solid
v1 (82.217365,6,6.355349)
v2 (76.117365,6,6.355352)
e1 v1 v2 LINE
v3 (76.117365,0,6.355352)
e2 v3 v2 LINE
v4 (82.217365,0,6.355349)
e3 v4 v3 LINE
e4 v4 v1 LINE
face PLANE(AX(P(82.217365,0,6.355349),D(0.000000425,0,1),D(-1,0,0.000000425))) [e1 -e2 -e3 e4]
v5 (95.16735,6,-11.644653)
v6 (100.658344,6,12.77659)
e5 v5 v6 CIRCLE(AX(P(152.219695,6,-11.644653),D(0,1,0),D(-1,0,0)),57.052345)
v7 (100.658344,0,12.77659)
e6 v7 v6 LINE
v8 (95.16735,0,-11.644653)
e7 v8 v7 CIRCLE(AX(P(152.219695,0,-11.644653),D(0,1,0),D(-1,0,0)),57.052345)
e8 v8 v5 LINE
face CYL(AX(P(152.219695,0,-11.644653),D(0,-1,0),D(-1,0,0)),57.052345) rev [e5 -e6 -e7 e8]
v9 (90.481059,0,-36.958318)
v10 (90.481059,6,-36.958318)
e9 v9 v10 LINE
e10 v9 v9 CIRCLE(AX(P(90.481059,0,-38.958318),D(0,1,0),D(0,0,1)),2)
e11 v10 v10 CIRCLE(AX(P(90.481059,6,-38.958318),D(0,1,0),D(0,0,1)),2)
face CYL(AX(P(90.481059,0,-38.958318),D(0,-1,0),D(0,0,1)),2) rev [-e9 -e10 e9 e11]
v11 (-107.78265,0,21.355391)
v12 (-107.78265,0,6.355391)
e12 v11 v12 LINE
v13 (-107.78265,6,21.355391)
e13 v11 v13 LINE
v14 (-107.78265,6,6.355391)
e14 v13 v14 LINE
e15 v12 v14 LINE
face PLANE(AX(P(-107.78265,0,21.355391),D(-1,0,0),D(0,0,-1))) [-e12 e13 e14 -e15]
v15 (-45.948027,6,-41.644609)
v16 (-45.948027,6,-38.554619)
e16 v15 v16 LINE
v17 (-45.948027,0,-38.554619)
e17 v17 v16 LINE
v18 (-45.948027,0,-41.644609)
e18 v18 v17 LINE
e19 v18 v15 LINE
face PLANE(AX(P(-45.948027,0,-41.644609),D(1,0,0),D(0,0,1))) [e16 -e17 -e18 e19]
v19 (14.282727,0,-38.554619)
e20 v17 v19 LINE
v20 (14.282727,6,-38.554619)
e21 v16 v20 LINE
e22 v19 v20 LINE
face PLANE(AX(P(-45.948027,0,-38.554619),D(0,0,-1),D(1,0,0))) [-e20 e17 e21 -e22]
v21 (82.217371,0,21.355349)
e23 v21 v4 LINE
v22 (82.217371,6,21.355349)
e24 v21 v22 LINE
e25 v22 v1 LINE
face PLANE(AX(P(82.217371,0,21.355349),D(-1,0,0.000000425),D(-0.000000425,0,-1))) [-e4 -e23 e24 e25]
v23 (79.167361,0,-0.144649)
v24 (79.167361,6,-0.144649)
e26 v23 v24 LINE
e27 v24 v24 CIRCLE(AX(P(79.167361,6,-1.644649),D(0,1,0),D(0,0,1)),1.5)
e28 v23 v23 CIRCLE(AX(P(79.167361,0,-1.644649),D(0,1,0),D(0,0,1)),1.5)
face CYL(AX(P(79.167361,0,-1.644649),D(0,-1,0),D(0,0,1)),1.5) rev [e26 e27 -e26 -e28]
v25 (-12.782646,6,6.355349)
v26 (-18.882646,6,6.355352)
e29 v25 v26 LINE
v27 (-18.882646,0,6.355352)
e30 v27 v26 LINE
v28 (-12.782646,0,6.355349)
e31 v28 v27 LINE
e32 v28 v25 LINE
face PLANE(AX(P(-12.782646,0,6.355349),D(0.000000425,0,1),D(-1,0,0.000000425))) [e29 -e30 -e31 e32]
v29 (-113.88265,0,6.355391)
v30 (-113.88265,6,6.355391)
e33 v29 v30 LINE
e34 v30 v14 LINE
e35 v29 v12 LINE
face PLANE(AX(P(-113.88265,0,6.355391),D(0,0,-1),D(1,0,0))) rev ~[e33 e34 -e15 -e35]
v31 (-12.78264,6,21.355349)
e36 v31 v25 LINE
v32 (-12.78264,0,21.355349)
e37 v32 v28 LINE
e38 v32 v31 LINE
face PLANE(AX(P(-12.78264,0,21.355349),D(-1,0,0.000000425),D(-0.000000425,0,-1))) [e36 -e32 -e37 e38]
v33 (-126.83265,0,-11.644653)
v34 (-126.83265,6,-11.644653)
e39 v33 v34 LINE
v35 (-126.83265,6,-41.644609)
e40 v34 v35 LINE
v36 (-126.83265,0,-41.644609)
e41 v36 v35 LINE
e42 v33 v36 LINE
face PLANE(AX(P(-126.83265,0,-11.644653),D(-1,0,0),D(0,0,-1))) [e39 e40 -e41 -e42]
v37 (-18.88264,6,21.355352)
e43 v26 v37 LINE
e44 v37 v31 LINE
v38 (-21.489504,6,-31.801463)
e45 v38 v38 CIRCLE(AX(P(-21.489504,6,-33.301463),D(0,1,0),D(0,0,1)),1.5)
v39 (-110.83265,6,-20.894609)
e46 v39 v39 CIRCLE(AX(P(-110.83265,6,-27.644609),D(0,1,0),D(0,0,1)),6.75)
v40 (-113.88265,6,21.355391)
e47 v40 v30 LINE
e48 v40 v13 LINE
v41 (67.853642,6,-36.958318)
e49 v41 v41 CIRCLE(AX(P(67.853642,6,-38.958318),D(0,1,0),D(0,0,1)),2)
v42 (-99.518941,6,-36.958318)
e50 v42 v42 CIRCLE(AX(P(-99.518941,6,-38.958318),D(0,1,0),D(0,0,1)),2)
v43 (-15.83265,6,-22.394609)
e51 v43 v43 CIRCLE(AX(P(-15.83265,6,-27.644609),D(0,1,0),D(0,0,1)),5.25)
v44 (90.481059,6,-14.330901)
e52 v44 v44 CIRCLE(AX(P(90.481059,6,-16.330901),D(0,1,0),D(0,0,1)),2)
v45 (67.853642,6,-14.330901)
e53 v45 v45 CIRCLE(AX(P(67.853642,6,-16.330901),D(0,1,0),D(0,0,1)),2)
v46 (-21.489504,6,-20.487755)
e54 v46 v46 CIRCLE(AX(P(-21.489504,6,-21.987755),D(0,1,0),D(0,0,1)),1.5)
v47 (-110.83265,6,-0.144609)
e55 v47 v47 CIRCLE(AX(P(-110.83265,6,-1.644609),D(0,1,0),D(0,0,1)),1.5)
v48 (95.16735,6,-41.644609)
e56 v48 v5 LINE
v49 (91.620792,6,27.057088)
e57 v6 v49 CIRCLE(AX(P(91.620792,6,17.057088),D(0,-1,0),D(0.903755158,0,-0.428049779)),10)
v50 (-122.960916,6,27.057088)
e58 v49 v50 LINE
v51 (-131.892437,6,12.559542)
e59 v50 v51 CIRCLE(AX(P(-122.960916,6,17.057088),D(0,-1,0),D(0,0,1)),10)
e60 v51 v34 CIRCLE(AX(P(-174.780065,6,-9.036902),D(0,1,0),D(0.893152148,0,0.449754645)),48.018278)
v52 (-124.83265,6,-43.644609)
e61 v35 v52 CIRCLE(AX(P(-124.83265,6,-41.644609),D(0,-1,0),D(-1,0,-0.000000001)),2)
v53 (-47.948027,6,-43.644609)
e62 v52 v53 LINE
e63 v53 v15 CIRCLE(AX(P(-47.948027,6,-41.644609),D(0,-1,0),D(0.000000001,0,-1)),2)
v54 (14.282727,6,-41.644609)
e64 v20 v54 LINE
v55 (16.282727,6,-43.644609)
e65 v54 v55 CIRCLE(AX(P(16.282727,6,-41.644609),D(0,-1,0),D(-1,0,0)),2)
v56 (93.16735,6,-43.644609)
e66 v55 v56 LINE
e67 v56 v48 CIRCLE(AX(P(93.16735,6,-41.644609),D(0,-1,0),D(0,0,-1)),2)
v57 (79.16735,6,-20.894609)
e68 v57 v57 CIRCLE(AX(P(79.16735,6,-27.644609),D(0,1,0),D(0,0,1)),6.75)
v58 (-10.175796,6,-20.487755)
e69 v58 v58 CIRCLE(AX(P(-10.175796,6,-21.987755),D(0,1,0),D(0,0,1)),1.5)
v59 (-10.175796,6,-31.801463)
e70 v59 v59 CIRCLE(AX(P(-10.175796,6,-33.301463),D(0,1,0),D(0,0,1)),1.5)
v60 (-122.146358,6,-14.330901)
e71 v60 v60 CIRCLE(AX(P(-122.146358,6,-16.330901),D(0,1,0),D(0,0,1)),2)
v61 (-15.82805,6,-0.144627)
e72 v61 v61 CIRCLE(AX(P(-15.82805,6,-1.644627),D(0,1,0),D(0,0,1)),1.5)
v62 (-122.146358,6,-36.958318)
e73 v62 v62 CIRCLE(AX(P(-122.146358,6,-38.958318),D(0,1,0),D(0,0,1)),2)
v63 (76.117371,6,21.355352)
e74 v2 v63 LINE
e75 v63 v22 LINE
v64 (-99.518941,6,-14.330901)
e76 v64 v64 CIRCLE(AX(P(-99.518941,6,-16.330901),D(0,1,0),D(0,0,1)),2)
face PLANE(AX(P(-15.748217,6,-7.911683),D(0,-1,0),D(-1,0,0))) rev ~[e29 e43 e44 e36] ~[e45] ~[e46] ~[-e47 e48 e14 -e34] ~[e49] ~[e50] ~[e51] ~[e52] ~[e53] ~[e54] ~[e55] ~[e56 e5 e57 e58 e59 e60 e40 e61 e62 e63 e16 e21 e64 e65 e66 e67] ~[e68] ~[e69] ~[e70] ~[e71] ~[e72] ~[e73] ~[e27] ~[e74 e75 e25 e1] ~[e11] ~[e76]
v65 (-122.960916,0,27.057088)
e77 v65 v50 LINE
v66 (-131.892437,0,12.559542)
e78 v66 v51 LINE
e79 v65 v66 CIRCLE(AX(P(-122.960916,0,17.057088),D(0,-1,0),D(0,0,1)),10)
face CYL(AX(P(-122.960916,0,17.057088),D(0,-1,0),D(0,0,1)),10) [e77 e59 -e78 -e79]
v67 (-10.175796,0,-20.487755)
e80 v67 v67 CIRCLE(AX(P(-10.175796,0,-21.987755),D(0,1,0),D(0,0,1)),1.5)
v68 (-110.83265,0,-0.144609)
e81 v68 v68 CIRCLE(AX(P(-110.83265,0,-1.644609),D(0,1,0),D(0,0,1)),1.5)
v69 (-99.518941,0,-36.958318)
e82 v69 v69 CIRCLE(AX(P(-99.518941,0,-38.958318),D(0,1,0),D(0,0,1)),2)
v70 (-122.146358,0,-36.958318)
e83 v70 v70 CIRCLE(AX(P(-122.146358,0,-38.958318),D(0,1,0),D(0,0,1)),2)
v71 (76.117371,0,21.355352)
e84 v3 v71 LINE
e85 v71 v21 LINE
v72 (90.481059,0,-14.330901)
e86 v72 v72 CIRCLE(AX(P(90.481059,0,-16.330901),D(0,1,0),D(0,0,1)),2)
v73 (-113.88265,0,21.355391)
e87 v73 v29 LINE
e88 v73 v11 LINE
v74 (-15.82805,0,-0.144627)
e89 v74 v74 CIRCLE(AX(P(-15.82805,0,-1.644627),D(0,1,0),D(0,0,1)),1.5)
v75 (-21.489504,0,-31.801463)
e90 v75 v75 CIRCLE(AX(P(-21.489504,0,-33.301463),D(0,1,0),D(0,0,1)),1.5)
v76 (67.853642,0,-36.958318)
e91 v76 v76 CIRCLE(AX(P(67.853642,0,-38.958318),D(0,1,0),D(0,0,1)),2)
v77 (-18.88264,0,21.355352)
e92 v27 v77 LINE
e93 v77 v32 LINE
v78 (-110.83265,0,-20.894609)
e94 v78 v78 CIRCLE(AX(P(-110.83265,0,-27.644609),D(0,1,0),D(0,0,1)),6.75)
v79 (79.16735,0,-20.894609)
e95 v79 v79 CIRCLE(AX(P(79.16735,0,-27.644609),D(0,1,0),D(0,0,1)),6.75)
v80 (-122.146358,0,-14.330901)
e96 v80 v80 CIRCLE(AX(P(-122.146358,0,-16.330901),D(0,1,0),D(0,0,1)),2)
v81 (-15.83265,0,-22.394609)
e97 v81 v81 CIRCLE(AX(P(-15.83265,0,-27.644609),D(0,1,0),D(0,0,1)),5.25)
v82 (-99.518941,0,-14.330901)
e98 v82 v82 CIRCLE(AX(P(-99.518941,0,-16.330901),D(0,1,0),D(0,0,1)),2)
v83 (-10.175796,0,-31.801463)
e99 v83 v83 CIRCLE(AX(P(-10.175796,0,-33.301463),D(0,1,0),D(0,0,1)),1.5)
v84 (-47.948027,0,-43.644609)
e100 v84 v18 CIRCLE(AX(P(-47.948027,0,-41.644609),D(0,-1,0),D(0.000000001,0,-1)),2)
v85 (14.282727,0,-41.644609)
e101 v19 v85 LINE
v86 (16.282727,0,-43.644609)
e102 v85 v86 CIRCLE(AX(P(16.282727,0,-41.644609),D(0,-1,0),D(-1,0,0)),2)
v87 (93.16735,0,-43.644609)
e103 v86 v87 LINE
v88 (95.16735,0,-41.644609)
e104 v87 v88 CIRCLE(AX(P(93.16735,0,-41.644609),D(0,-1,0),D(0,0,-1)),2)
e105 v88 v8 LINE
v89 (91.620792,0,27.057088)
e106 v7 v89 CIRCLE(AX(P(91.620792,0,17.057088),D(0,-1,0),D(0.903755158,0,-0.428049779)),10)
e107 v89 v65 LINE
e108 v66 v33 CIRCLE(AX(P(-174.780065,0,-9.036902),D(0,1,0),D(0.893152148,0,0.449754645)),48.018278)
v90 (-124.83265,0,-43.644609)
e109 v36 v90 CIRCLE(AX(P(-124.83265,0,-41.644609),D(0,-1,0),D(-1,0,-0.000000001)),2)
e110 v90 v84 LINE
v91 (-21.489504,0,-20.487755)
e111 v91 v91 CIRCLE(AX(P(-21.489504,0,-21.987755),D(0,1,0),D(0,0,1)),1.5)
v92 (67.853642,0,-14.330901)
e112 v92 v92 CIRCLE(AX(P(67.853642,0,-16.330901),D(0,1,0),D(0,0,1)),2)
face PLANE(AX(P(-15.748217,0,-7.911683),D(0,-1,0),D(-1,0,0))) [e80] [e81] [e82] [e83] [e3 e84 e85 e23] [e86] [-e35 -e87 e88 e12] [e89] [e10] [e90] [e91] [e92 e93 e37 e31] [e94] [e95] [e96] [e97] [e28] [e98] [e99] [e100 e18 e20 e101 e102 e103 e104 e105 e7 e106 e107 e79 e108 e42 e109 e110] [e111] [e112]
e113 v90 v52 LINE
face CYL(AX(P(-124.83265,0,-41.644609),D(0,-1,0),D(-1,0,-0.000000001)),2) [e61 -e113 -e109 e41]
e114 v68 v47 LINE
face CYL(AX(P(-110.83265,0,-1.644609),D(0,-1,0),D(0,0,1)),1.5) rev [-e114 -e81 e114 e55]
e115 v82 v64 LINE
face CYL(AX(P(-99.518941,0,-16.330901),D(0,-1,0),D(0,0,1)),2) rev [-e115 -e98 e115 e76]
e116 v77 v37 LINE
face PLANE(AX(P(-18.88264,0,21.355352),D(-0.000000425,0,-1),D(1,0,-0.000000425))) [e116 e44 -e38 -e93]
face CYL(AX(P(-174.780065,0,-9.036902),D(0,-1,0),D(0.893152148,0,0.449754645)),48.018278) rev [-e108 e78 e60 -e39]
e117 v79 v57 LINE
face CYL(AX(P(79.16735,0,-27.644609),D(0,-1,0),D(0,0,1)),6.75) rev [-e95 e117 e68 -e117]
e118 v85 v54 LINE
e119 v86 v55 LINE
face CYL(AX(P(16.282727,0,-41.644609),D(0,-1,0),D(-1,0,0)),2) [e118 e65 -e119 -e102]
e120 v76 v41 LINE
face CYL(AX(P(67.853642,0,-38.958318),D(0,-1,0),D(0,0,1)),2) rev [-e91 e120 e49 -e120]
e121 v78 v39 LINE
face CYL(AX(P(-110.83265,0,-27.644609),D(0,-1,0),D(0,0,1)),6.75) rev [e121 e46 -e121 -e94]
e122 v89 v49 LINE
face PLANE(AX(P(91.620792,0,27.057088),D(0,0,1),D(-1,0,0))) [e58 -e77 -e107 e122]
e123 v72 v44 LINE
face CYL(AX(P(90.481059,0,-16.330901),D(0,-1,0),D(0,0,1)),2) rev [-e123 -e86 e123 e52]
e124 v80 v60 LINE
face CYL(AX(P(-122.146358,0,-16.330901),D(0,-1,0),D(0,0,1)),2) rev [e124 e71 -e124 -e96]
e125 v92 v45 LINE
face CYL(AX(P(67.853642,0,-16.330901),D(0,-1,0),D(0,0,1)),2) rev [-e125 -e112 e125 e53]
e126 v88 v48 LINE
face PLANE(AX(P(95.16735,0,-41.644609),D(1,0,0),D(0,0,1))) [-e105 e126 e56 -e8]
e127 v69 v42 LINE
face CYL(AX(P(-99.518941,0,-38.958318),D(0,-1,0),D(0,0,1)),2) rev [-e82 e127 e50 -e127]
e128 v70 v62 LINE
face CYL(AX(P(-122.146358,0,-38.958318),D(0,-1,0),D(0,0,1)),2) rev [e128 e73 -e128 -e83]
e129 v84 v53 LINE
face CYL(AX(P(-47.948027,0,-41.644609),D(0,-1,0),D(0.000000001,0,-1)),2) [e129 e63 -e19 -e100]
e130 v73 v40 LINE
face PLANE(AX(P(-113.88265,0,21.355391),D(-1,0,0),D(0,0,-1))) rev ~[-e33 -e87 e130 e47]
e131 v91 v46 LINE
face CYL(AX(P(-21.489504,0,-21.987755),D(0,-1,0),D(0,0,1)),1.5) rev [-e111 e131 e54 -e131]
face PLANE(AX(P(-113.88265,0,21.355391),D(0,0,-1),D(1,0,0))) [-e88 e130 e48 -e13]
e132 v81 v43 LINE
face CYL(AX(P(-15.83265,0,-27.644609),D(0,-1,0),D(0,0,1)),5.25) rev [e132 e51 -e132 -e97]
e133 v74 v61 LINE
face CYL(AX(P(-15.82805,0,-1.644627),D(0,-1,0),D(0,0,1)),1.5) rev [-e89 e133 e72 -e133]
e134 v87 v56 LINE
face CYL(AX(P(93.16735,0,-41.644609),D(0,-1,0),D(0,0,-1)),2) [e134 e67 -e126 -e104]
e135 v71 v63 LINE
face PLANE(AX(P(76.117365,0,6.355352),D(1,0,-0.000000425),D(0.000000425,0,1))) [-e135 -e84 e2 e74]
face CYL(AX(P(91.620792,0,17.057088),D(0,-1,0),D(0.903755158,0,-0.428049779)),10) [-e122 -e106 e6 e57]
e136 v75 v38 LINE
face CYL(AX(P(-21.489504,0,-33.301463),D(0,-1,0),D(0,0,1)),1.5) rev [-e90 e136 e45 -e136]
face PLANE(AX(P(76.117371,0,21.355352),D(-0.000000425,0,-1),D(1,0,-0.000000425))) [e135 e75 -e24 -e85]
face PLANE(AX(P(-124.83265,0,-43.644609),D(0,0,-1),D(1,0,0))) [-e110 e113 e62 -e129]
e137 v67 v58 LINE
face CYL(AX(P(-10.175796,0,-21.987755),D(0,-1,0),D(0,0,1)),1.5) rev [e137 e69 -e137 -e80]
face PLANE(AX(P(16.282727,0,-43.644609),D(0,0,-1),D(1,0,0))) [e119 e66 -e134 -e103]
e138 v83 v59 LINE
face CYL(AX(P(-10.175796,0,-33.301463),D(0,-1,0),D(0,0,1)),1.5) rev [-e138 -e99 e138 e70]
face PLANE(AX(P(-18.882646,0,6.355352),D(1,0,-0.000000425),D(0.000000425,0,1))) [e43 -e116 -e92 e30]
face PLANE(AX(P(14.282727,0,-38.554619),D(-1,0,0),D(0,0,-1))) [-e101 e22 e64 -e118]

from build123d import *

# Parameters (mm, degrees)
CROQUIS1_R              = 5.25
CROQUIS1_R_2            = 6.75
CROQUIS1_R_3            = 2
CROQUIS1_R_4            = 1.5
CROQUIS1_W              = 6.1
CROQUIS1_H              = 15
SALIENTE_EXTRUIR1_DEPTH = 6


with BuildPart() as part:
    # Croquis1 → Saliente-Extruir1 (new body)
    with BuildSketch(Plane(origin=(0, 0, 0), x_dir=(1, 0, 0), z_dir=(0, 1, 0))):
        with BuildLine():
            Line((16.282727366, 43.644609037), (71.802987861, 43.644609037))
            Line((71.802987861, 43.644609037), (93.167350191, 43.644609037))
            ThreePointArc((93.167350191, 43.644609037), (94.581563754, 43.058822599), (95.167350191, 41.644609037))
            Line((95.167350191, 41.644609037), (95.167350191, 11.644653108))
            ThreePointArc((95.167350191, 11.644653108), (96.557023393, -0.870818798), (100.658344058, -12.7765904))
            ThreePointArc((100.658344058, -12.7765904), (100.070791822, -22.404752266), (91.620792474, -27.057088195))
            Line((91.620792474, -27.057088195), (-122.960915675, -27.057088195))
            ThreePointArc((-122.960915675, -27.057088195), (-131.47488844, -22.30230199), (-131.892437156, -12.559541748))
            ThreePointArc((-131.892437156, -12.559541748), (-127.777809493, -0.78872644), (-126.832649809, 11.644653108))
            Line((-126.832649809, 11.644653108), (-126.832649809, 41.644609037))
            ThreePointArc((-126.832649809, 41.644609037), (-126.246863371, 43.058822599), (-124.832649809, 43.644609037))
            Line((-124.832649809, 43.644609037), (-103.468287478, 43.644609037))
            Line((-103.468287478, 43.644609037), (-60.497048313, 43.644609037))
            Line((-60.497048313, 43.644609037), (-47.948026983, 43.644609037))
            ThreePointArc((-47.948026983, 43.644609037), (-46.533813421, 43.058822599), (-45.948026983, 41.644609037))
            Line((-45.948026983, 41.644609037), (-45.948026983, 38.554619052))
            Line((-45.948026983, 38.554619052), (14.282727366, 38.554619052))
            Line((14.282727366, 38.554619052), (14.282727366, 41.644609037))
            ThreePointArc((14.282727366, 41.644609037), (14.868513803, 43.058822599), (16.282727366, 43.644609037))
        make_face()
        with Locations(Location((-15.832649809, 27.644609037, 0), (0, 0, 270))):
            Circle(CROQUIS1_R, mode=Mode.SUBTRACT)
        with Locations(Location((-110.832649809, 27.644609037, 0), (0, 0, 270))):
            Circle(CROQUIS1_R_2, mode=Mode.SUBTRACT)
        with Locations(Location((79.167350191, 27.644609037, 0), (0, 0, 270))):
            Circle(CROQUIS1_R_2, mode=Mode.SUBTRACT)
        with Locations(Location((-99.51894131, 38.958317536, 0), (0, 0, 270))):
            Circle(CROQUIS1_R_3, mode=Mode.SUBTRACT)
        with Locations(Location((-122.146358308, 38.958317536, 0), (0, 0, 270))):
            Circle(CROQUIS1_R_3, mode=Mode.SUBTRACT)
        with Locations(Location((-99.51894131, 16.330900538, 0), (0, 0, 270))):
            Circle(CROQUIS1_R_3, mode=Mode.SUBTRACT)
        with Locations(Location((-122.146358308, 16.330900538, 0), (0, 0, 270))):
            Circle(CROQUIS1_R_3, mode=Mode.SUBTRACT)
        with Locations(Location((90.48105869, 16.330900538, 0), (0, 0, 270))):
            Circle(CROQUIS1_R_3, mode=Mode.SUBTRACT)
        with Locations(Location((67.853641692, 16.330900538, 0), (0, 0, 270))):
            Circle(CROQUIS1_R_3, mode=Mode.SUBTRACT)
        with Locations(Location((67.853641692, 38.958317536, 0), (0, 0, 270))):
            Circle(CROQUIS1_R_3, mode=Mode.SUBTRACT)
        with Locations(Location((-10.175795559, 33.301463286, 0), (0, 0, 270))):
            Circle(CROQUIS1_R_4, mode=Mode.SUBTRACT)
        with Locations(Location((-21.489504058, 33.301463286, 0), (0, 0, 270))):
            Circle(CROQUIS1_R_4, mode=Mode.SUBTRACT)
        with Locations(Location((-21.489504058, 21.987754787, 0), (0, 0, 270))):
            Circle(CROQUIS1_R_4, mode=Mode.SUBTRACT)
        with Locations(Location((-10.175795559, 21.987754787, 0), (0, 0, 270))):
            Circle(CROQUIS1_R_4, mode=Mode.SUBTRACT)
        with Locations(Location((-110.832649809, 1.644609037, 0), (0, 0, 270))):
            Circle(CROQUIS1_R_4, mode=Mode.SUBTRACT)
        with Locations(Location((79.167361237, 1.644649397, 0), (0, 0, 270))):
            Circle(CROQUIS1_R_4, mode=Mode.SUBTRACT)
        with Locations(Location((90.48105869, 38.958317536, 0), (0, 0, 270))):
            Circle(CROQUIS1_R_3, mode=Mode.SUBTRACT)
        with Locations(Location((-15.828049724, 1.644627362, 0), (0, 0, 270))):
            Circle(CROQUIS1_R_4, mode=Mode.SUBTRACT)
        with Locations((-110.832649809, -13.855390963)):
            Rectangle(CROQUIS1_W, CROQUIS1_H, mode=Mode.SUBTRACT)
        Polygon((76.117364636, -6.355351899), (76.117371009, -21.355351899), (82.217371009, -21.355349308), (82.217364636, -6.355349308), align=None, mode=Mode.SUBTRACT)
        Polygon((-18.88264641, -6.355351899), (-18.882640037, -21.355351899), (-12.782640037, -21.355349308), (-12.78264641, -6.355349308), align=None, mode=Mode.SUBTRACT)
    extrude(amount=SALIENTE_EXTRUIR1_DEPTH)


solid = part.part
